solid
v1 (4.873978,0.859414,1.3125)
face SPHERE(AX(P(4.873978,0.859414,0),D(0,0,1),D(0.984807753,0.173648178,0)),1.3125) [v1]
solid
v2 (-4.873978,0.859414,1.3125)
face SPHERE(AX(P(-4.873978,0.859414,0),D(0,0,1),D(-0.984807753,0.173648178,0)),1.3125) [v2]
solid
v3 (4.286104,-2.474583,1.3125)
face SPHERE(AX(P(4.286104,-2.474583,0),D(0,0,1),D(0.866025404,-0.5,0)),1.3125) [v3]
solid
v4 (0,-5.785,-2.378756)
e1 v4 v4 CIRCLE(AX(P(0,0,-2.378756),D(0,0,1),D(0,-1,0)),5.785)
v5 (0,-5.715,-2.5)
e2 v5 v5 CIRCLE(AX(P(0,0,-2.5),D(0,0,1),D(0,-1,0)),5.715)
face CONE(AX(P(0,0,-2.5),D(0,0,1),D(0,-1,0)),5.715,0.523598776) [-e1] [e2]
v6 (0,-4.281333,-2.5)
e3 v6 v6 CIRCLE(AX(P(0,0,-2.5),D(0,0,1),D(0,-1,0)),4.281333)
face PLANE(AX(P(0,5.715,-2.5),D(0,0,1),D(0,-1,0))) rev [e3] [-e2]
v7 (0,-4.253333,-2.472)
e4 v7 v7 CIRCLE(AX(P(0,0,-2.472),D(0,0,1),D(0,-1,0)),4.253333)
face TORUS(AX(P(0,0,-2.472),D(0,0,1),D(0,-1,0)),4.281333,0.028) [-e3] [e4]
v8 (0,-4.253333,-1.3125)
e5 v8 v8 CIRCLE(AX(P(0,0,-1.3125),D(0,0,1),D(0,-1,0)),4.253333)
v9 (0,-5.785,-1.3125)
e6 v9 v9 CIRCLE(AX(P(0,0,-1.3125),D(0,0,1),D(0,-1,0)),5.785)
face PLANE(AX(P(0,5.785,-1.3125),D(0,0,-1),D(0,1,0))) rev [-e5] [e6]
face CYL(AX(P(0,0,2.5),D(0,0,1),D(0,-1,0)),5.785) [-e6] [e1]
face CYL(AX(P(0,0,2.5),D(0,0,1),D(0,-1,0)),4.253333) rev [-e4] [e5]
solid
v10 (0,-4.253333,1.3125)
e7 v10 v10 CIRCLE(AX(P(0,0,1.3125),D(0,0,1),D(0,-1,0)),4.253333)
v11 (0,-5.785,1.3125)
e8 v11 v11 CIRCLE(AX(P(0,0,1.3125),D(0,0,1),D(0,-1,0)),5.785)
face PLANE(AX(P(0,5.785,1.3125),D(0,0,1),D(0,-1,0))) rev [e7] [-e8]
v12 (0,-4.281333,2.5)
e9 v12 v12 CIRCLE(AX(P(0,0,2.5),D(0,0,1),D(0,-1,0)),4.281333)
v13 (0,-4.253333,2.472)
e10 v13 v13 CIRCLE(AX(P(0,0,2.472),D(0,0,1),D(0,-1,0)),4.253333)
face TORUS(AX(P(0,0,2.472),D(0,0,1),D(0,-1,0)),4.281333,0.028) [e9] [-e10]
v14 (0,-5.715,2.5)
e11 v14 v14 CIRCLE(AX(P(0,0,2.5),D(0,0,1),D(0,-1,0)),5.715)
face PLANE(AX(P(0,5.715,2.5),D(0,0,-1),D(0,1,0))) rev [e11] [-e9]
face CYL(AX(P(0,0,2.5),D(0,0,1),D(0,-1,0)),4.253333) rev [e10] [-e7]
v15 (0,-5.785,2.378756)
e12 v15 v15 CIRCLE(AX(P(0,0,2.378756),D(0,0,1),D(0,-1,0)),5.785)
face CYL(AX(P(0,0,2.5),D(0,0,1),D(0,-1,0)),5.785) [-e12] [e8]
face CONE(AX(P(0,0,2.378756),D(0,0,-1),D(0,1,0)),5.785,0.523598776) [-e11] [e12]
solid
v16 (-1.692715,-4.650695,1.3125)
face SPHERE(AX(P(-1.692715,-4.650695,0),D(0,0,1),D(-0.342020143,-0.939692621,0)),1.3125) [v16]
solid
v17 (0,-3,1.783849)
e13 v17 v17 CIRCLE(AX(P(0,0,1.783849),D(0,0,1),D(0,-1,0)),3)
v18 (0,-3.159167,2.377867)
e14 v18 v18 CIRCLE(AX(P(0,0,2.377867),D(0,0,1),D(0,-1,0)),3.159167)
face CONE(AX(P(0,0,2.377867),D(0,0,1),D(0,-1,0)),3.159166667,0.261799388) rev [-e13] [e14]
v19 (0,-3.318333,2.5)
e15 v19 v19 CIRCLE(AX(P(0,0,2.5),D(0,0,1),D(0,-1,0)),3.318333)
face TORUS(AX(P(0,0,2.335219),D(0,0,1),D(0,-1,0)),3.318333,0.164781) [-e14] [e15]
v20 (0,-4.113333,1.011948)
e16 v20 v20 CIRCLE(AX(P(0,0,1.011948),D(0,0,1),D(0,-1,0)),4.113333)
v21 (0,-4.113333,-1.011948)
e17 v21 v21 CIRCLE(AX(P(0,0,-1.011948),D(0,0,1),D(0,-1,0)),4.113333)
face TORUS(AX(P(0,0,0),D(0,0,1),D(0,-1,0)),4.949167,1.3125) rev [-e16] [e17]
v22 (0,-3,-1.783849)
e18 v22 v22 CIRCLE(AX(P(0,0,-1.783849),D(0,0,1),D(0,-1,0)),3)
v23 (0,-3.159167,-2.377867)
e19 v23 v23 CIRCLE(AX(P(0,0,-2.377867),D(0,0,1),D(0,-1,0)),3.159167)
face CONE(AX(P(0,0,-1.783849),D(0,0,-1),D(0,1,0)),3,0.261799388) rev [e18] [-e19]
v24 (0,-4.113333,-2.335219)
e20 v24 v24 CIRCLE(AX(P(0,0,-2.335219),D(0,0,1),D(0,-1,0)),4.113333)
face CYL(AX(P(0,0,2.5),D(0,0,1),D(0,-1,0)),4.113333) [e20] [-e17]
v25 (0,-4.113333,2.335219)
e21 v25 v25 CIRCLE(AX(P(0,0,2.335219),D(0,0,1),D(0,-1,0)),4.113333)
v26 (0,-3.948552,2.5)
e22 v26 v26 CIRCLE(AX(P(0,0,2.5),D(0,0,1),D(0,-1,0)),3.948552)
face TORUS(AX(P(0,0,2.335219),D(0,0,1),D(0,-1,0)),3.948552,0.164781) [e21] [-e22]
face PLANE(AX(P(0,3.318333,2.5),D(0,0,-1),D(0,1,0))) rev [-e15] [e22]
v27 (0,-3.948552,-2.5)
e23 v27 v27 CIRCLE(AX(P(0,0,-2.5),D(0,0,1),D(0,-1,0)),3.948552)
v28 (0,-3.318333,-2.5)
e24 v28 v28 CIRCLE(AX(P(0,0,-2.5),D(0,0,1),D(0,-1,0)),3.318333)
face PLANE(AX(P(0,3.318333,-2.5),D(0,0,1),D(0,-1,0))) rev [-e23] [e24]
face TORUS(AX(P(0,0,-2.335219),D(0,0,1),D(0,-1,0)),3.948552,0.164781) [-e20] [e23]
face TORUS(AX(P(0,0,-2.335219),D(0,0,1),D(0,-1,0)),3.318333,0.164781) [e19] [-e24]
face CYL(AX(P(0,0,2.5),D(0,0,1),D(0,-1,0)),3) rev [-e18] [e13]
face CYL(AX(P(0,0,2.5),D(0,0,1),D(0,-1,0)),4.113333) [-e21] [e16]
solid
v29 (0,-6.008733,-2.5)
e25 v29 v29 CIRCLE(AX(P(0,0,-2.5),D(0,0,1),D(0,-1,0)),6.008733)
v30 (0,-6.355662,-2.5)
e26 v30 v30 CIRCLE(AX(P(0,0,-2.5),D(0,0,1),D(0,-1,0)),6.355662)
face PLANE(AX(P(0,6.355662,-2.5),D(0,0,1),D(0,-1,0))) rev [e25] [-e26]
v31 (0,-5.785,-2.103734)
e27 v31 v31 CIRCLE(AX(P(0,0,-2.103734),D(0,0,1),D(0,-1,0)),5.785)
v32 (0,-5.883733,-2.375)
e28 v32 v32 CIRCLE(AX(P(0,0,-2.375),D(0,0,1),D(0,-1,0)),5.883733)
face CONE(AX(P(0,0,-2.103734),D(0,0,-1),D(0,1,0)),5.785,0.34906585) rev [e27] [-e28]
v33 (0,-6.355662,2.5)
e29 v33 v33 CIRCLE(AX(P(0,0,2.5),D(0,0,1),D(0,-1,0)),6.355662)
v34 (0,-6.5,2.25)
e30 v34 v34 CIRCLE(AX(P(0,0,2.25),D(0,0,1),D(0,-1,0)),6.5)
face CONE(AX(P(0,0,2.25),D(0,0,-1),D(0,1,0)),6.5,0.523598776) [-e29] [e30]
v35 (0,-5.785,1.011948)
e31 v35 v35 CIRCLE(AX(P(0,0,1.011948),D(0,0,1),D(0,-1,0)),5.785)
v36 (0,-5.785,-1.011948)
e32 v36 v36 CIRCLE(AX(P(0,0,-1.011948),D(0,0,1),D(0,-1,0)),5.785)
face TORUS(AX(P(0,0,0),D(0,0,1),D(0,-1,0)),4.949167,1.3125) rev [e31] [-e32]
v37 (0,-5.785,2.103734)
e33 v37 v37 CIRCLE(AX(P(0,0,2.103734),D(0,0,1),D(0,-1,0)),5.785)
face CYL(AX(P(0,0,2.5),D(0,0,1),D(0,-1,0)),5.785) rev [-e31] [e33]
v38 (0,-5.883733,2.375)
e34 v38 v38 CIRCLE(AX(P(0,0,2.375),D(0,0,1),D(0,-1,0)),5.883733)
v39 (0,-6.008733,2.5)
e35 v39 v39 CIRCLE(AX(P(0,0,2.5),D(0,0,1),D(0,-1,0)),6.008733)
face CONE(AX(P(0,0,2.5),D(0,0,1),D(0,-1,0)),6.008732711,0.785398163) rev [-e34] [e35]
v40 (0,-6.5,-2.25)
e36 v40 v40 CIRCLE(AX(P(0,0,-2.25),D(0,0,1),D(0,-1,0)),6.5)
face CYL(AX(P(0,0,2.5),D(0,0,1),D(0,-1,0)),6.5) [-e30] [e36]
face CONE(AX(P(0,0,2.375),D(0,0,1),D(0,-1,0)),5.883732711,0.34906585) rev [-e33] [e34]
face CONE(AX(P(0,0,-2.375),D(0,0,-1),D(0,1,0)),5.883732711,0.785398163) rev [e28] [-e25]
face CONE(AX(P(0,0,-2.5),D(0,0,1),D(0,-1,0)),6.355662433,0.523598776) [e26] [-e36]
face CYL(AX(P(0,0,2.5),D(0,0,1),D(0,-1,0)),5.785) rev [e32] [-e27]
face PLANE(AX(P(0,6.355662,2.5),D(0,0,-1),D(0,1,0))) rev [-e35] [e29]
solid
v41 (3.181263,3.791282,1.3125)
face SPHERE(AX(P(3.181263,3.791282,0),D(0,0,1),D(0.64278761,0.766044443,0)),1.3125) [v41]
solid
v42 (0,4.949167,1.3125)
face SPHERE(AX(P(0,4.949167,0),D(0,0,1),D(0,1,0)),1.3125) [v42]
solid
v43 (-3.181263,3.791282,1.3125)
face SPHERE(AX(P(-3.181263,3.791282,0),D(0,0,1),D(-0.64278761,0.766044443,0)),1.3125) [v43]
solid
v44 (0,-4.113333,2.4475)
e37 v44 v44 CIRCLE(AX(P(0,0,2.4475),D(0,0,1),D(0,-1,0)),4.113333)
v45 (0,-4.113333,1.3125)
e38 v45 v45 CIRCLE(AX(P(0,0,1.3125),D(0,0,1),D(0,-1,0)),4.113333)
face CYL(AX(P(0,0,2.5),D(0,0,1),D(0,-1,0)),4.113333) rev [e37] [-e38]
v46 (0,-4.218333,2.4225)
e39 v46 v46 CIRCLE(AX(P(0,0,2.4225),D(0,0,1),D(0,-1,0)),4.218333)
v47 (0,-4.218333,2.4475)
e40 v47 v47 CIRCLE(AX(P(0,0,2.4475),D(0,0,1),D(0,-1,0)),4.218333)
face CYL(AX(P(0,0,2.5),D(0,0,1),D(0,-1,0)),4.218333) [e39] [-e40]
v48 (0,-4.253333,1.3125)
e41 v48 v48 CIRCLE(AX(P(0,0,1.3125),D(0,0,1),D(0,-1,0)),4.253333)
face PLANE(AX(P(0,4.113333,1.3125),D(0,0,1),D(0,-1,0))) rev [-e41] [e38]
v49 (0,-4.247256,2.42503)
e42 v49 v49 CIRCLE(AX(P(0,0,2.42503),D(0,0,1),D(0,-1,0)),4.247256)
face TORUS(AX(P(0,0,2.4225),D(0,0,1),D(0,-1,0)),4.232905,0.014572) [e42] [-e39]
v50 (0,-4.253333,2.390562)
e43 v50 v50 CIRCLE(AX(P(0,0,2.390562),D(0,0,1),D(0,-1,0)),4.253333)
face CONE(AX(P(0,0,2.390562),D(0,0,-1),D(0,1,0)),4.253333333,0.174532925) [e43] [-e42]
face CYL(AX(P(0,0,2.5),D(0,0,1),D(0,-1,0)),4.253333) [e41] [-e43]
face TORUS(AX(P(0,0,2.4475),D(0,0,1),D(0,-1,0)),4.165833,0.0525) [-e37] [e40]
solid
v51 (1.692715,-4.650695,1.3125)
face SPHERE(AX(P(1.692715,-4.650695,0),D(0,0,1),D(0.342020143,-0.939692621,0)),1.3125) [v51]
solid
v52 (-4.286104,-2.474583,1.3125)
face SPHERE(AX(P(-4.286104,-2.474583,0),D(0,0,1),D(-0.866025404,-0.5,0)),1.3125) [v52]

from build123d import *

# Parameters (mm, degrees)
CIRPATTERN1_COUNT = 9


with BuildPart() as part:
    # Sketch3 → Revolve1 (revolve)
    with BuildSketch(Plane(origin=(0, 0, 0), x_dir=(0, 0, -1), z_dir=(1, 0, 0)), mode=Mode.PRIVATE) as revolve1_sk:
        with BuildLine():
            Line((-2.103734106, 5.785), (-2.375, 5.883732711))
            Line((-2.375, 5.883732711), (-2.5, 6.008732711))
            Line((-2.5, 6.008732711), (-2.5, 6.355662433))
            Line((-2.5, 6.355662433), (-2.25, 6.5))
            Line((-2.25, 6.5), (2.25, 6.5))
            Line((2.25, 6.5), (2.5, 6.355662433))
            Line((2.5, 6.355662433), (2.5, 6.008732711))
            Line((2.5, 6.008732711), (2.375, 5.883732711))
            Line((2.375, 5.883732711), (2.103734106, 5.785))
            Line((2.103734106, 5.785), (1.011948066, 5.785))
            ThreePointArc((1.011948066, 5.785), (0, 6.261666667), (-1.011948066, 5.785))
            Line((-1.011948066, 5.785), (-2.103734106, 5.785))
        make_face()
    revolve(revolve1_sk.sketch.rotate(Axis((0, 0, 2.5), (0, 0, -1)), 180), axis=Axis((0, 0, 2.5), (0, 0, -1)))


with BuildPart() as body_2:
    # Sketch4 → Revolve2 (revolve)
    with BuildSketch(Plane(origin=(0, 0, 0), x_dir=(0, 0, -1), z_dir=(1, 0, 0)), mode=Mode.PRIVATE) as revolve2_sk:
        with BuildLine():
            Line((-1.783849034, 3), (-2.377867121, 3.159166667))
            ThreePointArc((-2.377867121, 3.159166667), (-2.465948462, 3.218020737), (-2.5, 3.318333333))
            Line((-2.5, 3.318333333), (-2.5, 3.948551875))
            ThreePointArc((-2.5, 3.948551875), (-2.451736628, 4.065069961), (-2.335218541, 4.113333333))
            Line((-2.335218541, 4.113333333), (-1.011948066, 4.113333333))
            ThreePointArc((-1.011948066, 4.113333333), (0, 3.636666667), (1.011948066, 4.113333333))
            Line((1.011948066, 4.113333333), (2.335218541, 4.113333333))
            ThreePointArc((2.335218541, 4.113333333), (2.451736628, 4.065069961), (2.5, 3.948551875))
            Line((2.5, 3.948551875), (2.5, 3.318333333))
            ThreePointArc((2.5, 3.318333333), (2.465948462, 3.218020737), (2.377867121, 3.159166667))
            Line((2.377867121, 3.159166667), (1.783849034, 3))
            Line((1.783849034, 3), (-1.783849034, 3))
        make_face()
    revolve(revolve2_sk.sketch.rotate(Axis((0, 0, 2.5), (0, 0, -1)), 180), axis=Axis((0, 0, 2.5), (0, 0, -1)))


with BuildPart() as body_3:
    # Sketch5 → Revolve3 (revolve)
    with BuildSketch(Plane(origin=(0, 0, 0), x_dir=(0, 0, -1), z_dir=(1, 0, 0))):
        with BuildLine():
            Line((-1.3125, 4.949166667), (1.3125, 4.949166667))
            ThreePointArc((1.3125, 4.949166667), (0, 6.261666667), (-1.3125, 4.949166667))
        make_face()
    revolve(axis=Axis((0, 4.949166667, 1.3125), (0, 0, -1)))


with BuildPart() as cirpattern1_1:
    # CirPattern1: pattern copy
    add(body_3.part.rotate(Axis((0, 0, 0), (0, 0, 1)), 1 * 360 / CIRPATTERN1_COUNT))


with BuildPart() as cirpattern1_2:
    # CirPattern1: pattern copy
    add(body_3.part.rotate(Axis((0, 0, 0), (0, 0, 1)), 2 * 360 / CIRPATTERN1_COUNT))


with BuildPart() as cirpattern1_3:
    # CirPattern1: pattern copy
    add(body_3.part.rotate(Axis((0, 0, 0), (0, 0, 1)), 3 * 360 / CIRPATTERN1_COUNT))


with BuildPart() as cirpattern1_4:
    # CirPattern1: pattern copy
    add(body_3.part.rotate(Axis((0, 0, 0), (0, 0, 1)), 4 * 360 / CIRPATTERN1_COUNT))


with BuildPart() as cirpattern1_5:
    # CirPattern1: pattern copy
    add(body_3.part.rotate(Axis((0, 0, 0), (0, 0, 1)), 5 * 360 / CIRPATTERN1_COUNT))


with BuildPart() as cirpattern1_6:
    # CirPattern1: pattern copy
    add(body_3.part.rotate(Axis((0, 0, 0), (0, 0, 1)), 6 * 360 / CIRPATTERN1_COUNT))


with BuildPart() as cirpattern1_7:
    # CirPattern1: pattern copy
    add(body_3.part.rotate(Axis((0, 0, 0), (0, 0, 1)), 7 * 360 / CIRPATTERN1_COUNT))


with BuildPart() as cirpattern1_8:
    # CirPattern1: pattern copy
    add(body_3.part.rotate(Axis((0, 0, 0), (0, 0, 1)), 8 * 360 / CIRPATTERN1_COUNT))


with BuildPart() as body_12:
    # Sketch6 → Revolve4 (revolve)
    with BuildSketch(Plane(origin=(0, 0, 0), x_dir=(0, 0, -1), z_dir=(1, 0, 0)), mode=Mode.PRIVATE) as revolve4_sk:
        with BuildLine():
            Line((-2.378756443, 5.785), (-1.3125, 5.785))
            Line((-1.3125, 5.785), (-1.3125, 4.253333333))
            Line((-1.3125, 4.253333333), (-2.472, 4.253333333))
            ThreePointArc((-2.472, 4.253333333), (-2.49179899, 4.261534343), (-2.5, 4.281333333))
            Line((-2.5, 4.281333333), (-2.5, 5.715))
            Line((-2.5, 5.715), (-2.378756443, 5.785))
        make_face()
        with BuildLine():
            Line((2.472, 4.253333333), (1.3125, 4.253333333))
            Line((1.3125, 4.253333333), (1.3125, 5.785))
            Line((1.3125, 5.785), (2.378756443, 5.785))
            Line((2.378756443, 5.785), (2.5, 5.715))
            Line((2.5, 5.715), (2.5, 4.281333333))
            ThreePointArc((2.5, 4.281333333), (2.49179899, 4.261534343), (2.472, 4.253333333))
        make_face()
    revolve(revolve4_sk.sketch.rotate(Axis((0, 0, 2.5), (0, 0, -1)), 180), axis=Axis((0, 0, 2.5), (0, 0, -1)))


with BuildPart() as body_13:
    # Sketch7 → Revolve5 (revolve)
    with BuildSketch(Plane(origin=(0, 0, 0), x_dir=(0, 0, -1), z_dir=(1, 0, 0)), mode=Mode.PRIVATE) as revolve5_sk:
        with BuildLine():
            Line((-1.3125, 4.253333333), (-2.390562103, 4.253333333))
            Line((-2.390562103, 4.253333333), (-2.425030375, 4.247255647))
            ThreePointArc((-2.425030375, 4.247255647), (-2.437016396, 4.23163516), (-2.4225, 4.218333333))
            Line((-2.4225, 4.218333333), (-2.4475, 4.218333333))
            ThreePointArc((-2.4475, 4.218333333), (-2.5, 4.165833333), (-2.4475, 4.113333333))
            Line((-2.4475, 4.113333333), (-1.3125, 4.113333333))
            Line((-1.3125, 4.113333333), (-1.3125, 4.253333333))
        make_face()
    revolve(revolve5_sk.sketch.rotate(Axis((0, 0, 2.5), (0, 0, -1)), 180), axis=Axis((0, 0, 2.5), (0, 0, -1)))


solid = Compound([part.part, body_2.part, body_3.part, cirpattern1_1.part, cirpattern1_2.part, cirpattern1_3.part, cirpattern1_4.part, cirpattern1_5.part, cirpattern1_6.part, cirpattern1_7.part, cirpattern1_8.part, body_12.part, body_13.part])
